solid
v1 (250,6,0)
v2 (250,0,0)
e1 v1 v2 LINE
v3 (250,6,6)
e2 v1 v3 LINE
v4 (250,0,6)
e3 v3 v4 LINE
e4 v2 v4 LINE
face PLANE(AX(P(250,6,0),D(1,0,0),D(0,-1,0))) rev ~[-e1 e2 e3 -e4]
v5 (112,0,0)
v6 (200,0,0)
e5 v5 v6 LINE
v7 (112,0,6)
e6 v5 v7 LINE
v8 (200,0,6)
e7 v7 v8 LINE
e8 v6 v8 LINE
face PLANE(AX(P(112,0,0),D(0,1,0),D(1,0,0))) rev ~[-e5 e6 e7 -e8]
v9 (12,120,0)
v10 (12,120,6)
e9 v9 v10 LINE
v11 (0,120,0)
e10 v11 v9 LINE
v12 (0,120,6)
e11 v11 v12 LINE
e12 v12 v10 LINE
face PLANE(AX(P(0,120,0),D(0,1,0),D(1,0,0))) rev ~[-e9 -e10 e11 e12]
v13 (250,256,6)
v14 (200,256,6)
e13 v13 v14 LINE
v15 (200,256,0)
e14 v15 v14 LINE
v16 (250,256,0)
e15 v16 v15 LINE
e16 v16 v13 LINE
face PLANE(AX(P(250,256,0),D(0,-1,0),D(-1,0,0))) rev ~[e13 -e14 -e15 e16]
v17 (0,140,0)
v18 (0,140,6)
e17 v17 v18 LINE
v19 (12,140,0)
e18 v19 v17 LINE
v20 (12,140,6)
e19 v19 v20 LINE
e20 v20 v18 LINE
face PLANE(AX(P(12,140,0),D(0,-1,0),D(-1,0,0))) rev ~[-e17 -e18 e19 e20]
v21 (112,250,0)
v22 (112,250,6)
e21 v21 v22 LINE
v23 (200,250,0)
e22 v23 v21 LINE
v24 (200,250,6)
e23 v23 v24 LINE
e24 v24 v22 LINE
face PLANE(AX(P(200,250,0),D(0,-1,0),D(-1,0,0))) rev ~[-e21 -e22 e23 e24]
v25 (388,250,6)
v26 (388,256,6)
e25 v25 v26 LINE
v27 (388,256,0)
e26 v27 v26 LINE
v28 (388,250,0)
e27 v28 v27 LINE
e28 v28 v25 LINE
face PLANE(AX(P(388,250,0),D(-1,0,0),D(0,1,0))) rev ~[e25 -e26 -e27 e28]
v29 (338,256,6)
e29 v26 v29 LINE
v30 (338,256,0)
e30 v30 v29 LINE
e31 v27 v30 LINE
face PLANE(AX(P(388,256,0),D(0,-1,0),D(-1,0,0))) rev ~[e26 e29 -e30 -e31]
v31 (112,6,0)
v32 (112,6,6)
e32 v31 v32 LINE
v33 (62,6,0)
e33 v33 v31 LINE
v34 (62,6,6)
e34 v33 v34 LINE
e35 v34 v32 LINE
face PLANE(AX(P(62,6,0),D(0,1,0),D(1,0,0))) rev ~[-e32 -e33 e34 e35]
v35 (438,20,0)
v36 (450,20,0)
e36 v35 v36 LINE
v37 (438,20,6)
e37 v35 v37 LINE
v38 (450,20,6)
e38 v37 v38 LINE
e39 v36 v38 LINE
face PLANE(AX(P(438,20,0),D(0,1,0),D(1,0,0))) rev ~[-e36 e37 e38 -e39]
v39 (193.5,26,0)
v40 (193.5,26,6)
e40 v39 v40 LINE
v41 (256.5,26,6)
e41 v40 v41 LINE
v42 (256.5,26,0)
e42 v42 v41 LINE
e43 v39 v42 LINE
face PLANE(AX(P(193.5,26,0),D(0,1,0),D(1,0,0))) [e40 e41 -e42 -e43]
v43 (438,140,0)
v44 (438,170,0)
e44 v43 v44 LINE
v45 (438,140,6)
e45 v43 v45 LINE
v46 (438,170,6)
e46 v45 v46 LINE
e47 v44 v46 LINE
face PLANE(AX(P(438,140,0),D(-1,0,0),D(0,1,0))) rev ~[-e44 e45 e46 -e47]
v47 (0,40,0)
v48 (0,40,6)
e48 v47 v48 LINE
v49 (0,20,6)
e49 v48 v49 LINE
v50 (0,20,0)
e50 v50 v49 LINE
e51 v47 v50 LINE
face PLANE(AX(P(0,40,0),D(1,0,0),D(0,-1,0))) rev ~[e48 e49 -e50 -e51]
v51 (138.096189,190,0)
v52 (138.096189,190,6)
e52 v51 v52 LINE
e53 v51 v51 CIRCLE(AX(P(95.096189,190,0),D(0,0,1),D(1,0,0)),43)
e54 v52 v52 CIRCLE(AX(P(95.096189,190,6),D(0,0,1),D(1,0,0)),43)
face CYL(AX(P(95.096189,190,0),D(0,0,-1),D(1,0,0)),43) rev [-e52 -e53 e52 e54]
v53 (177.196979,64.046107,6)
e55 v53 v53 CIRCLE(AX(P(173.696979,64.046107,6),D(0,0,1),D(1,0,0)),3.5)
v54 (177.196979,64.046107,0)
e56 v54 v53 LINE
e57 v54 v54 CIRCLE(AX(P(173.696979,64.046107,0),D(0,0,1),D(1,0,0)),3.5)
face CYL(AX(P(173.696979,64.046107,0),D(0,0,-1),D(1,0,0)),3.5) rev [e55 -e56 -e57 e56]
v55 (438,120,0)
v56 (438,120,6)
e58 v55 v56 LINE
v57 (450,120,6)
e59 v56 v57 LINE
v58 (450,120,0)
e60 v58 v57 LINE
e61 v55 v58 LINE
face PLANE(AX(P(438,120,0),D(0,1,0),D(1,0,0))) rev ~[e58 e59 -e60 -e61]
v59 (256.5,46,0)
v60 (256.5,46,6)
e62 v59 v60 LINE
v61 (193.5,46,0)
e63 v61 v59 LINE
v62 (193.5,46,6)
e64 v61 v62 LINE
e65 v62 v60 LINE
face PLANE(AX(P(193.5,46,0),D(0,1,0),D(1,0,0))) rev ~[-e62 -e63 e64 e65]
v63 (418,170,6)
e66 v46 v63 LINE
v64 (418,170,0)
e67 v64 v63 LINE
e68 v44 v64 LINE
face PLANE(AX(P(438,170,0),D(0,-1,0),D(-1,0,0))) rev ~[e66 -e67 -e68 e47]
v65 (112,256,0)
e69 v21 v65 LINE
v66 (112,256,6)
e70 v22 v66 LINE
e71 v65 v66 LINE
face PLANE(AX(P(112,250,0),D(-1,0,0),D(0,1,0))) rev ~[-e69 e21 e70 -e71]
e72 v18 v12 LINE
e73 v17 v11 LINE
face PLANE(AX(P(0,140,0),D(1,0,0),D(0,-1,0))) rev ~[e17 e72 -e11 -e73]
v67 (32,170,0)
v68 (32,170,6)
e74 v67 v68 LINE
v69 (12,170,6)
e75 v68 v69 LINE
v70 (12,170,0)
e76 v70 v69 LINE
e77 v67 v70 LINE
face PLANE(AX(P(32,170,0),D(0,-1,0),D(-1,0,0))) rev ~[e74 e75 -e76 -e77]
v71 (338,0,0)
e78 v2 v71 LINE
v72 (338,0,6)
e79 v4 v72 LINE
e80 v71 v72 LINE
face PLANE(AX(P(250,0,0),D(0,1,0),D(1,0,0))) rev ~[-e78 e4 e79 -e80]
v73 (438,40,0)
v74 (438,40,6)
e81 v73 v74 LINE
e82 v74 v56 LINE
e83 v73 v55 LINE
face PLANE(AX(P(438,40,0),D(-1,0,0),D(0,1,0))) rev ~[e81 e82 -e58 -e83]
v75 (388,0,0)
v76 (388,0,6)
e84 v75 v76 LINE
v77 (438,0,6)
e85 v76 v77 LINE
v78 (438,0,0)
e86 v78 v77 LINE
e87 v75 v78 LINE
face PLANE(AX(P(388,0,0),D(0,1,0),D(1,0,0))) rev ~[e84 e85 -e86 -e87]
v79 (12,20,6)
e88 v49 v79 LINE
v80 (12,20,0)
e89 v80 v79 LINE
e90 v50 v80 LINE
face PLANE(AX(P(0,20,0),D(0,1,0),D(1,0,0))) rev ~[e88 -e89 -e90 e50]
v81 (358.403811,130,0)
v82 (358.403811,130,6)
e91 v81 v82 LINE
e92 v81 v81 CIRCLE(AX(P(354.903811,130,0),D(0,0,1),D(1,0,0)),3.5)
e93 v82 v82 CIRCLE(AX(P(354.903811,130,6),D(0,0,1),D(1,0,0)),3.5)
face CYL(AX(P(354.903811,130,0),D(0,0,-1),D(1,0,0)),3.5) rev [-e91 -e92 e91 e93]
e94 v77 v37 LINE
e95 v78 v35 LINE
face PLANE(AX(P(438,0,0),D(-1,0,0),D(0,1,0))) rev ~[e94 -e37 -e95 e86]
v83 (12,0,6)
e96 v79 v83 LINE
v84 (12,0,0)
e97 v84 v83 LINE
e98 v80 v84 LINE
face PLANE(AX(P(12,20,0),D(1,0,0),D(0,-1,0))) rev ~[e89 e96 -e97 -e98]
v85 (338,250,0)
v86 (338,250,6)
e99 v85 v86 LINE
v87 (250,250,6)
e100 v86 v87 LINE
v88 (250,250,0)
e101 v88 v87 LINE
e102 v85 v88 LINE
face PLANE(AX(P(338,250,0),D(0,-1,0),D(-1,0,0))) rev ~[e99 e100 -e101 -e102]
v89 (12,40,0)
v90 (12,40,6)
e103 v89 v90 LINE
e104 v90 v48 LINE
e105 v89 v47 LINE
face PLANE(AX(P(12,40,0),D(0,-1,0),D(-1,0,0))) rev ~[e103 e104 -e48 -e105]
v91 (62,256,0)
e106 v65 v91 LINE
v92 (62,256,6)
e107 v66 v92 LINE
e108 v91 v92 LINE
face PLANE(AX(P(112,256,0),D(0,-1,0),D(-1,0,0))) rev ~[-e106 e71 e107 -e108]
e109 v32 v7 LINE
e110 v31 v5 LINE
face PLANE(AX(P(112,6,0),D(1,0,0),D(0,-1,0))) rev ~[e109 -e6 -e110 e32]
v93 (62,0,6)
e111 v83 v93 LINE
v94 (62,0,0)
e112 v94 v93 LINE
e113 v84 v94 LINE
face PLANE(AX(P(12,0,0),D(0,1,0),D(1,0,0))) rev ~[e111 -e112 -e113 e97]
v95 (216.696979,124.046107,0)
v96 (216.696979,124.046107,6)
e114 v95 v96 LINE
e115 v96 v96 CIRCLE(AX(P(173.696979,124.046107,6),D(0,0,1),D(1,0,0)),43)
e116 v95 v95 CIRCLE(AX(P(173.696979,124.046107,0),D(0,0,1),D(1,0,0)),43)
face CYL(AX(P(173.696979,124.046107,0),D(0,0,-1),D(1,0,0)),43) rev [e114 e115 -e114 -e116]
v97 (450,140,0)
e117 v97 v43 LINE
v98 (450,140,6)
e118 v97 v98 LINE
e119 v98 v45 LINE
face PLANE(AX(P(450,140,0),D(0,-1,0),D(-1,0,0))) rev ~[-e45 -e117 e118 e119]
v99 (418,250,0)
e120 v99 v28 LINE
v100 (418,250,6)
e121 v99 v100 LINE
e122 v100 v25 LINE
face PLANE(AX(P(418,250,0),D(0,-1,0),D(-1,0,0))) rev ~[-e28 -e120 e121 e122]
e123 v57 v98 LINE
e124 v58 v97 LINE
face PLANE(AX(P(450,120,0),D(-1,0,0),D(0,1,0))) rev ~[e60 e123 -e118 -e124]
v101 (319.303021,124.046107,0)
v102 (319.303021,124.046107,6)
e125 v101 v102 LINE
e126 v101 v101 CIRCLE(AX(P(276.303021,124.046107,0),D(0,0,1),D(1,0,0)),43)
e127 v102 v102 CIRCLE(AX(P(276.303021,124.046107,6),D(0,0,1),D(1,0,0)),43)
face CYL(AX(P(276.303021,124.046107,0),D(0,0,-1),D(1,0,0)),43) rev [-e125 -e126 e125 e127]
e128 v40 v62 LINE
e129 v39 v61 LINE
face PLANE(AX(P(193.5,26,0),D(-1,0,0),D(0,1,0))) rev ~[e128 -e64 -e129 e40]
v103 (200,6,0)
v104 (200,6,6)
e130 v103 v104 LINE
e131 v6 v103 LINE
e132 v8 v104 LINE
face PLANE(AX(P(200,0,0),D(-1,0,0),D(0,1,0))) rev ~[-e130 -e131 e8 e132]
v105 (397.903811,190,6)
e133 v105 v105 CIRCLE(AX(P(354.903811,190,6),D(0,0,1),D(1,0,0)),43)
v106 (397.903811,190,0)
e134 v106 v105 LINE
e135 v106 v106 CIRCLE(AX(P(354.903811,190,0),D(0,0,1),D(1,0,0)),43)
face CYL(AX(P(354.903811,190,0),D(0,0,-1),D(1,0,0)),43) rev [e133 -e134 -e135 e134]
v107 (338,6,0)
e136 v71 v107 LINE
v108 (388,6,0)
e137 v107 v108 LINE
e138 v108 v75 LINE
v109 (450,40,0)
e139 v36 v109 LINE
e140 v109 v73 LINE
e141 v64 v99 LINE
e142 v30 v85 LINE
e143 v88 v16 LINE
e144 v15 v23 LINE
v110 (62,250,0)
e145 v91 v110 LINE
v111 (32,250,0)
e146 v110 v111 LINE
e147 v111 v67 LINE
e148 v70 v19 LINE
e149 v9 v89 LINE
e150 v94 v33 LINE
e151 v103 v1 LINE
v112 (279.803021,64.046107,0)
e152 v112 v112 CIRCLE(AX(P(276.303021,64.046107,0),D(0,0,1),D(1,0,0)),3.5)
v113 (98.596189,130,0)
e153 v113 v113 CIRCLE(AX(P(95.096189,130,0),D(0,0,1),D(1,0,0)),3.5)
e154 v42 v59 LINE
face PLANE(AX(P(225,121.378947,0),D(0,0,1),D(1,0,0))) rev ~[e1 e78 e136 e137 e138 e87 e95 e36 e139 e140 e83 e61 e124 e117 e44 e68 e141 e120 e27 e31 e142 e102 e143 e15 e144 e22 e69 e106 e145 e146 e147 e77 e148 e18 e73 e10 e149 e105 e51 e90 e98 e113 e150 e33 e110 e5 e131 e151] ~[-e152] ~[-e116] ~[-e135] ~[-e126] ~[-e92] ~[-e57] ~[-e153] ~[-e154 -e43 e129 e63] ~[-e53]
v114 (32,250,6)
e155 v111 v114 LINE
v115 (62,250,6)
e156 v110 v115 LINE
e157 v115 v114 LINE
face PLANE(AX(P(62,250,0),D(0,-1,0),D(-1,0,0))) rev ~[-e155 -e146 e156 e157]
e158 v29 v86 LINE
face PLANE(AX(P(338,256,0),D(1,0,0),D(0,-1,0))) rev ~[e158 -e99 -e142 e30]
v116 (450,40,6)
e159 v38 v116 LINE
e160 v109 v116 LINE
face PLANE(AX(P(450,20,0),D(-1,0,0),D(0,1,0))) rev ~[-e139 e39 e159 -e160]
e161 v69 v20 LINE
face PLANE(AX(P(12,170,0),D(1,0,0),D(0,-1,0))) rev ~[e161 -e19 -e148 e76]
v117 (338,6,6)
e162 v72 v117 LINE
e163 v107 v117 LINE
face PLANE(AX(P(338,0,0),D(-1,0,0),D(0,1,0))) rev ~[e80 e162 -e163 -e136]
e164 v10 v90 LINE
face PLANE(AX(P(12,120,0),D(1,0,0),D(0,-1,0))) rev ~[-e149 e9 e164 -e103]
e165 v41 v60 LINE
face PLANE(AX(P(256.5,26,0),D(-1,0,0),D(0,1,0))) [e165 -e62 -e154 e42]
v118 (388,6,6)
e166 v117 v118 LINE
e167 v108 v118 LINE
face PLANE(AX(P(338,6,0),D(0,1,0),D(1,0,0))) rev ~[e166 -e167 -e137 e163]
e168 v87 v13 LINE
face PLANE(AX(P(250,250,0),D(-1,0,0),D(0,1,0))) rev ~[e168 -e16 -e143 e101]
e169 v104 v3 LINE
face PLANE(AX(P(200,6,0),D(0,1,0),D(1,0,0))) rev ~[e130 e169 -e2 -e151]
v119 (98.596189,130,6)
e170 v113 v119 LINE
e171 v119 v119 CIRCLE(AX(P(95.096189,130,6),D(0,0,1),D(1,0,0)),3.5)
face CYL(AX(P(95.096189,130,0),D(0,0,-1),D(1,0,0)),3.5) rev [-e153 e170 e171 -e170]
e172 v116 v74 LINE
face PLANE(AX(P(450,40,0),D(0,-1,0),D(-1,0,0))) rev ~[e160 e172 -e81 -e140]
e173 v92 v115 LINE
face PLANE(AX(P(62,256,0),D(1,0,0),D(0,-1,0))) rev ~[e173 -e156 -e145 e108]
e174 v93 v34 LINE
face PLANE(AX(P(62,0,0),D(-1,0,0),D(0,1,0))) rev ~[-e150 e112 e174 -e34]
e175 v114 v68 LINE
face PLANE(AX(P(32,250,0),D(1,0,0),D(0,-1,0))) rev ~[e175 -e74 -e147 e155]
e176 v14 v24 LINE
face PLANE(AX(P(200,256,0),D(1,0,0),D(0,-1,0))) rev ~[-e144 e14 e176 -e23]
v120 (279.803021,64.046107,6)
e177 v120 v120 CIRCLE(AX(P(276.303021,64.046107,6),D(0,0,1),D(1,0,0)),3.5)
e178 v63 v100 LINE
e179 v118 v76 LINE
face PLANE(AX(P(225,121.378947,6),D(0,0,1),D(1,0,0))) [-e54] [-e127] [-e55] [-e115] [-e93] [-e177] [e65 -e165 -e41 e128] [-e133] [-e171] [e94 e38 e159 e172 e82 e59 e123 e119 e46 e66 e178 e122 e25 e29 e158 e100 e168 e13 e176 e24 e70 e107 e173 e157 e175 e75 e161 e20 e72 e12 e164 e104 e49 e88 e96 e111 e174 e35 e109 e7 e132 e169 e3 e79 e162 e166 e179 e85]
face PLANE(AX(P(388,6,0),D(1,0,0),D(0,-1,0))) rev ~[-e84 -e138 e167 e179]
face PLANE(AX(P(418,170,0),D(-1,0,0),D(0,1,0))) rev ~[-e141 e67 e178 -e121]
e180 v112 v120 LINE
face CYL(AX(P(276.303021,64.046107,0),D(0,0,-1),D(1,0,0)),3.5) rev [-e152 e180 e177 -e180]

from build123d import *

# Parameters (mm, degrees)
SKETCH_1_R      = 43
SKETCH_1_R_2    = 3.5
SKETCH_1_W      = 63
SKETCH_1_H      = 20
EXTRUDE_2_DEPTH = 6


with BuildPart() as part:
    # Эскиз1 → Бобышка-Вытянуть2 (new body)
    with BuildSketch(Plane.XY):
        Polygon((450, 20), (450, 40), (438, 40), (438, 120), (450, 120), (450, 140), (438, 140), (438, 170), (418, 170), (418, 250), (388, 250), (388, 256), (338, 256), (338, 250), (250, 250), (250, 256), (200, 256), (200, 250), (112, 250), (112, 256), (62, 256), (62, 250), (32, 250), (32, 170), (12, 170), (12, 140), (0, 140), (0, 120), (12, 120), (12, 40), (0, 40), (0, 20), (12, 20), (12, 0), (62, 0), (62, 6), (112, 6), (112, 0), (200, 0), (200, 6), (250, 6), (250, 0), (338, 0), (338, 6), (388, 6), (388, 0), (438, 0), (438, 20), align=None)
        with Locations((95.096189432, 190)):
            Circle(SKETCH_1_R, mode=Mode.SUBTRACT)
        with Locations((173.696978501, 124.046106882)):
            Circle(SKETCH_1_R, mode=Mode.SUBTRACT)
        with Locations((276.303021499, 124.046106882)):
            Circle(SKETCH_1_R, mode=Mode.SUBTRACT)
        with Locations((354.903810568, 190)):
            Circle(SKETCH_1_R, mode=Mode.SUBTRACT)
        with Locations((95.096189432, 130)):
            Circle(SKETCH_1_R_2, mode=Mode.SUBTRACT)
        with Locations((173.696978501, 64.046106882)):
            Circle(SKETCH_1_R_2, mode=Mode.SUBTRACT)
        with Locations((276.303021499, 64.046106882)):
            Circle(SKETCH_1_R_2, mode=Mode.SUBTRACT)
        with Locations((354.903810568, 130)):
            Circle(SKETCH_1_R_2, mode=Mode.SUBTRACT)
        with Locations((225, 36)):
            Rectangle(SKETCH_1_W, SKETCH_1_H, mode=Mode.SUBTRACT)
    extrude(amount=EXTRUDE_2_DEPTH)


solid = part.part
